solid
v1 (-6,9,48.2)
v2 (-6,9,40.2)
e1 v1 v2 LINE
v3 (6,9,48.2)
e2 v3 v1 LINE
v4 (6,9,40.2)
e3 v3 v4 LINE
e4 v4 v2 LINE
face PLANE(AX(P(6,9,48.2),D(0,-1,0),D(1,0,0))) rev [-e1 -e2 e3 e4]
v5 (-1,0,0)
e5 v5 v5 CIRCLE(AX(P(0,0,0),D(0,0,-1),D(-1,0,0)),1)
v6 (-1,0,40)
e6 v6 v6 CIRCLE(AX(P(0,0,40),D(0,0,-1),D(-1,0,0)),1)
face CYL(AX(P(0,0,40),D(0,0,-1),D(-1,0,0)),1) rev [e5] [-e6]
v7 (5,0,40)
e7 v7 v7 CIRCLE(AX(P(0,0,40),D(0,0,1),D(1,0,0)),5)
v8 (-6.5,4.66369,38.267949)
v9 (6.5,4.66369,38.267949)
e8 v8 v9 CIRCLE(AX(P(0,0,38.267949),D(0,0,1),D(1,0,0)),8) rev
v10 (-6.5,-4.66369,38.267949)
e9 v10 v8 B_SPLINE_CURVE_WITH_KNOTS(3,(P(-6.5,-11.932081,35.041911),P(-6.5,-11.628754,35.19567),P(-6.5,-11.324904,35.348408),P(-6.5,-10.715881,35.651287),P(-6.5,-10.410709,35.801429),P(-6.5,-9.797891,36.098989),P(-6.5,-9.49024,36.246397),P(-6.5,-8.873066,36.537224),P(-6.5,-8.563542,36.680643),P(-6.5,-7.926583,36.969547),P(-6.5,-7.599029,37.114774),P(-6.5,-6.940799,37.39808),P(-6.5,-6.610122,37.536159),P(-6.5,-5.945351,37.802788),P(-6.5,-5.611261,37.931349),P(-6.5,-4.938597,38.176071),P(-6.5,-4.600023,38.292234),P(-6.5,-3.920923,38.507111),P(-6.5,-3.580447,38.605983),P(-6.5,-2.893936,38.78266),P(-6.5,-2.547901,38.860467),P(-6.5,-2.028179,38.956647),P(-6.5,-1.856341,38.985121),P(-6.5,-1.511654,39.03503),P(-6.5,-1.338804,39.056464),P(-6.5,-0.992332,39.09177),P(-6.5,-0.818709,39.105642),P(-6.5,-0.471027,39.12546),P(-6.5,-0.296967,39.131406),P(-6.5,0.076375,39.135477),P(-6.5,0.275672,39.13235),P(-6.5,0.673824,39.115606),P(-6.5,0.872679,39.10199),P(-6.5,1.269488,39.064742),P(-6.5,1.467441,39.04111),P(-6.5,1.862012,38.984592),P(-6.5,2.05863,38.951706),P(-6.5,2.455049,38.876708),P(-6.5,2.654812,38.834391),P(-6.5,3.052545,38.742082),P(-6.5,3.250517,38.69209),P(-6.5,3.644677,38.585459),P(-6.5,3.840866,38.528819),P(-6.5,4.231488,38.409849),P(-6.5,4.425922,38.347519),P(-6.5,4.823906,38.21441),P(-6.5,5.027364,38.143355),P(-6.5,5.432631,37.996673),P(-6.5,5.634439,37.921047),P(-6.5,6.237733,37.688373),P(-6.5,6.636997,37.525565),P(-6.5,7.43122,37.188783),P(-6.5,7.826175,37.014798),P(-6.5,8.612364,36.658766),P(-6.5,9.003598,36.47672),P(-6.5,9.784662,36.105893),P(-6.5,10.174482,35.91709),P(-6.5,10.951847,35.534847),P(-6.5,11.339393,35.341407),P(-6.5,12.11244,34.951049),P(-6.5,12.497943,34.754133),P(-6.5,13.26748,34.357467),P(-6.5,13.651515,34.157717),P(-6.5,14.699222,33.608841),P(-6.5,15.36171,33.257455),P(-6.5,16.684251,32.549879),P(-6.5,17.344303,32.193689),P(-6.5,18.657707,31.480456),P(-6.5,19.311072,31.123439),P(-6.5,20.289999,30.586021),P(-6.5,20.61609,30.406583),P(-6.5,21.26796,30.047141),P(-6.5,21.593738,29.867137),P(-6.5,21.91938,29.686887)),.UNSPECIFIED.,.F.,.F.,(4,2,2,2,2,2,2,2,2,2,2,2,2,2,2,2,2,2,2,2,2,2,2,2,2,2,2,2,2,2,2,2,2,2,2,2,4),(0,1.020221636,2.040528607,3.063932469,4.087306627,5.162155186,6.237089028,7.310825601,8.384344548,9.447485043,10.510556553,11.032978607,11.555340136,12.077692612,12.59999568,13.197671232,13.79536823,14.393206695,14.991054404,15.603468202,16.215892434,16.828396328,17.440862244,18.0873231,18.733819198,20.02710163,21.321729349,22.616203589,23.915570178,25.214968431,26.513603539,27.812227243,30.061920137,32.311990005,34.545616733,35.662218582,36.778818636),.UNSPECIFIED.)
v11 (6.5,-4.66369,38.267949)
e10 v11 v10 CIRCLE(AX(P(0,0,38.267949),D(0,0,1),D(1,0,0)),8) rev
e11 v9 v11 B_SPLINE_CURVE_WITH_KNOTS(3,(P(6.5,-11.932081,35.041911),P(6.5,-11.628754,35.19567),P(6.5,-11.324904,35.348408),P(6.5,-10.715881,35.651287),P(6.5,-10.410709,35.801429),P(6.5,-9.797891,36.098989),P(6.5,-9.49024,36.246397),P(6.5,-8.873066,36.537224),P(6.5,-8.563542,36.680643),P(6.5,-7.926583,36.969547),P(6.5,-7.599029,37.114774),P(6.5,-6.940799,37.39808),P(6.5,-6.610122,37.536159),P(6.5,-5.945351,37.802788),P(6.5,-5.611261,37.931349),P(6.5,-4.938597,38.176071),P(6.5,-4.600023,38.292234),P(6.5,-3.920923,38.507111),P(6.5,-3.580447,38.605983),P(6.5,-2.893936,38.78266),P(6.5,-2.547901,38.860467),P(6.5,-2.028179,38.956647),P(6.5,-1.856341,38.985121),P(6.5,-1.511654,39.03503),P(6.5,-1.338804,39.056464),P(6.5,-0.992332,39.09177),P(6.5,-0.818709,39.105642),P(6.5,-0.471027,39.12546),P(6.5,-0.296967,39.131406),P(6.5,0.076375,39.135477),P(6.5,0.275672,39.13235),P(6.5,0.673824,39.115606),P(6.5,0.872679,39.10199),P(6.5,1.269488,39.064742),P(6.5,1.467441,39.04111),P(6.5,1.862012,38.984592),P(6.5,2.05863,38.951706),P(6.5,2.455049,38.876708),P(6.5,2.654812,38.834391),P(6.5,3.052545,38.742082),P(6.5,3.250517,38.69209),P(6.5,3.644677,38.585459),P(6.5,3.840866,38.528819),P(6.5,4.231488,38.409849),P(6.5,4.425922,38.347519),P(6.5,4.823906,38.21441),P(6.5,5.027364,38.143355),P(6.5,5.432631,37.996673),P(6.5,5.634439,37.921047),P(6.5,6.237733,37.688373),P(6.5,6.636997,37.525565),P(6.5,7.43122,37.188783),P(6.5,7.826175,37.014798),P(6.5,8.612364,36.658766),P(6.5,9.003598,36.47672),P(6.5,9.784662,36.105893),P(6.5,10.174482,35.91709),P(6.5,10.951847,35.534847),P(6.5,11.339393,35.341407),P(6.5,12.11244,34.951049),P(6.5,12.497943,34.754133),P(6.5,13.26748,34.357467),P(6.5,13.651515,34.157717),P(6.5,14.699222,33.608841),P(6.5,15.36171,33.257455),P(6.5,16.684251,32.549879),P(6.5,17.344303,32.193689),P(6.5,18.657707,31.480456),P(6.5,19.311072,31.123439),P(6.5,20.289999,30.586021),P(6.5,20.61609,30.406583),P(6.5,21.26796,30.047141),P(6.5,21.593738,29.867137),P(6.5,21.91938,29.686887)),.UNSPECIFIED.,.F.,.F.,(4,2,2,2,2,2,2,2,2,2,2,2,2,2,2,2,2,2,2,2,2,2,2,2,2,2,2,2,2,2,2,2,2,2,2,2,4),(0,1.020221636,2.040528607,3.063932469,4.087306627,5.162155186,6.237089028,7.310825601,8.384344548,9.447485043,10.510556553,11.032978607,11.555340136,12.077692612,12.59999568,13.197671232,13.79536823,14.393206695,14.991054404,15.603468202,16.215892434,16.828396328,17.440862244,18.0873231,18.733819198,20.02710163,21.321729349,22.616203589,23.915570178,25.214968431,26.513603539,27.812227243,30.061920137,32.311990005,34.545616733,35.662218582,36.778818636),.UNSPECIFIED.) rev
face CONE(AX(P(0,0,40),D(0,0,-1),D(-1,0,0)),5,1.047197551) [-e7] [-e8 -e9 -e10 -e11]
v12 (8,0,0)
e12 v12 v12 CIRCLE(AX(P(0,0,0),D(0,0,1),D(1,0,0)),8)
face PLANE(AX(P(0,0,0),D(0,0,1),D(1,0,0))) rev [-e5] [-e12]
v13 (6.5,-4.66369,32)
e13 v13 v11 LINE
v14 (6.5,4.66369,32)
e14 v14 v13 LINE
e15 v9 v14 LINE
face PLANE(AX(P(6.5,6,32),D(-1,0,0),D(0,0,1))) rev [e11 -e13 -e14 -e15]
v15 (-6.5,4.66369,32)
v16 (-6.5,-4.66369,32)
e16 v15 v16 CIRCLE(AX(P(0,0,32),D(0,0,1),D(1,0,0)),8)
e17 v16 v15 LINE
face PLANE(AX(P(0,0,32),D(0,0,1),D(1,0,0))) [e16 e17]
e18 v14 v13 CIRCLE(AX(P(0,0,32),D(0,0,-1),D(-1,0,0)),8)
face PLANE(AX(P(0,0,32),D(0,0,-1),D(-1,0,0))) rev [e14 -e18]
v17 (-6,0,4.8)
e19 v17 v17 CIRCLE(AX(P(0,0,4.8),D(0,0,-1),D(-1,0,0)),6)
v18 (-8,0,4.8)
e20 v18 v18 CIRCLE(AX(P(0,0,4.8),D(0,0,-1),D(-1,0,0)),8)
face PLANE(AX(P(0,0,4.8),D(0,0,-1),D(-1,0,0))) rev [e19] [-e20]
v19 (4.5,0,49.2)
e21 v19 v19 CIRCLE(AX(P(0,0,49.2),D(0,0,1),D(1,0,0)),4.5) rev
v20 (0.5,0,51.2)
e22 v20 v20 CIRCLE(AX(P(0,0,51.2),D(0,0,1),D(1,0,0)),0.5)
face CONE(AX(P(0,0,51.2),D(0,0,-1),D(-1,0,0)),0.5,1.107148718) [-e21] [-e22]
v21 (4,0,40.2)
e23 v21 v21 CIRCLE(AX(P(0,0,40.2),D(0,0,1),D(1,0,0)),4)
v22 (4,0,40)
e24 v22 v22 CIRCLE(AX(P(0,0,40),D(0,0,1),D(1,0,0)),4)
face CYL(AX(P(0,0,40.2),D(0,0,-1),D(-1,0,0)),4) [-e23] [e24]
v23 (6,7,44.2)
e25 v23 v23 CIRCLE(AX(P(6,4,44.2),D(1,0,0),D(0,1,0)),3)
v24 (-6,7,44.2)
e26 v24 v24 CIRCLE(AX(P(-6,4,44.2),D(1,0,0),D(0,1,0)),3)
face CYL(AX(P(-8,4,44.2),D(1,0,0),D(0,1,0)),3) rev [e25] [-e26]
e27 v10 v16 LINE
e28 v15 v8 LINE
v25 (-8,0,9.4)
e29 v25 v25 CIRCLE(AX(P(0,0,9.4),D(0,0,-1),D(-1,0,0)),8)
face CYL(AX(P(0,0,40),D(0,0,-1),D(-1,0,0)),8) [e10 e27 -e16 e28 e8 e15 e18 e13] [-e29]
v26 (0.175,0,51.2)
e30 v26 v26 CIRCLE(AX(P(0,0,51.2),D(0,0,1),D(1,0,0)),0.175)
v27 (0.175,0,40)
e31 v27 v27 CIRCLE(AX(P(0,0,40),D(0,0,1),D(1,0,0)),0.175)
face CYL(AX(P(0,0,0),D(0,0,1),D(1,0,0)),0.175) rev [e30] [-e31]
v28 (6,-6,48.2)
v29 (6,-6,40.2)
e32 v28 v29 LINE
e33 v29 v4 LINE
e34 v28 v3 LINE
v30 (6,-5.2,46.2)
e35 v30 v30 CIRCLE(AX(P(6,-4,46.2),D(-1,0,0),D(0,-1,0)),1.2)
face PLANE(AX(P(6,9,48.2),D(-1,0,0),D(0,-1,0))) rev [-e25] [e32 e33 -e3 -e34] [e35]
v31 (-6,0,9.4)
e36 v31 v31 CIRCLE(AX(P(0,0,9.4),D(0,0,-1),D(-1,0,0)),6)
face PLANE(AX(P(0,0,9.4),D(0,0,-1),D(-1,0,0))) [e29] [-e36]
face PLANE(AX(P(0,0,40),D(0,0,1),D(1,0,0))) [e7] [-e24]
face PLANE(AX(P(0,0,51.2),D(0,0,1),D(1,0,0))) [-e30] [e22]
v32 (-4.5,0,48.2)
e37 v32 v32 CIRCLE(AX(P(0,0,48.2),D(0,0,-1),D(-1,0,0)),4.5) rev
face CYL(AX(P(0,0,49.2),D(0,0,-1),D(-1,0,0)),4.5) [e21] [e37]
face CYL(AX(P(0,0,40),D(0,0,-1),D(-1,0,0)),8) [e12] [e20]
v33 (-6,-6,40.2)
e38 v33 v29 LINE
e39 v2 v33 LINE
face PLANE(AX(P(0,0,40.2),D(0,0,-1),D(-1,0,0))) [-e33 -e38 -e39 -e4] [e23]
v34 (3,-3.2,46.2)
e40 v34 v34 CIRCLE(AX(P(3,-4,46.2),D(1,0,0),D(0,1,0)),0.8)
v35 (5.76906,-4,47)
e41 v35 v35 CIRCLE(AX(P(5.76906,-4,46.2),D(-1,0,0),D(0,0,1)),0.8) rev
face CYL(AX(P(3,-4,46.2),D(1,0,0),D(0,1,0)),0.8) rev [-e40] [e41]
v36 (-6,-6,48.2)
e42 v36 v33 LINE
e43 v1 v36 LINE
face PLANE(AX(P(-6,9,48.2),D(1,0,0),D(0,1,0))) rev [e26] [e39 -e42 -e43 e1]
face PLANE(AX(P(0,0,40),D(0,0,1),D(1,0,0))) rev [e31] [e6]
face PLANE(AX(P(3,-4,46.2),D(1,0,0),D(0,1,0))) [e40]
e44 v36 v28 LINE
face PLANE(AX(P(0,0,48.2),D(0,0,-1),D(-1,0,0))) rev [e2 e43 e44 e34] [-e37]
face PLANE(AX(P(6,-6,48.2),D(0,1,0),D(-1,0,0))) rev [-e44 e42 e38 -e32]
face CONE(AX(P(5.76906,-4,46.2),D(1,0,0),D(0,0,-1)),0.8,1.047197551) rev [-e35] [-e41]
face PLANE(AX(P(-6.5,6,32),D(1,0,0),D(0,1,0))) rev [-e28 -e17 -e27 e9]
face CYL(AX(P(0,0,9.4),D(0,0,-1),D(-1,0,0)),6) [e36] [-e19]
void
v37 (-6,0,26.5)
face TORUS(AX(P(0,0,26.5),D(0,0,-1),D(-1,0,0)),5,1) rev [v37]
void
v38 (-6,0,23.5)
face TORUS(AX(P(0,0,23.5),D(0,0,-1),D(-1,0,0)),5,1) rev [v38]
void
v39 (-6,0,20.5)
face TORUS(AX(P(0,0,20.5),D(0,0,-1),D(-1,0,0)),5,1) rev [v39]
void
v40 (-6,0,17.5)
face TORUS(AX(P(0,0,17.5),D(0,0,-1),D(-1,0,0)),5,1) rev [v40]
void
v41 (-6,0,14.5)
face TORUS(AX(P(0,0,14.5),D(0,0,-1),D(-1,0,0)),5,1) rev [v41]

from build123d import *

# Parameters (mm, degrees)
ESQUISSE1_R             = 8
BOSS_EXTRU_1_DEPTH      = 40
ENL_V_START             = -4.8
ESQUISSE2_R             = 8
ESQUISSE2_R_2           = 6
ENL_V_MAT_EXTRU_1_DEPTH = 4.6
CHANFREIN1_SIZE         = 3
CHANFREIN1_SIZE2        = 1.732050808
ESQUISSE3_W             = 2
ESQUISSE3_H             = 12
ENL_V_MAT_EXTRU_2_DEPTH = 8
ESQUISSE4_R             = 1
ESQUISSE8_R             = 1
ENL_V_MAT_EXTRU_4_DEPTH = 41
ESQUISSE9_R             = 4
BOSS_EXTRU_2_DEPTH      = 0.2
ESQUISSE10_W            = 12
ESQUISSE10_H            = 15
BOSS_EXTRU_3_DEPTH      = 8
ESQUISSE11_R            = 3
ENL_V_MAT_EXTRU_5_DEPTH = 15
ESQUISSE13_R            = 0.8
ENL_V_MAT_EXTRU_6_DEPTH = 3
CHANFREIN2_SIZE         = 0.4
CHANFREIN2_SIZE2        = 0.230940108
ESQUISSE14_R            = 4.5
BOSS_EXTRU_4_DEPTH      = 1
ESQUISSE15_R            = 4.5
BOSS_EXTRU_5_DEPTH      = 2
CHANFREIN3_SIZE         = 2
CHANFREIN3_SIZE2        = 4
ESQUISSE16_R            = 0.175
ENL_V_MAT_EXTRU_7_DEPTH = 52.2


with BuildPart() as part:
    # Esquisse1 → Boss.-Extru.1 (new body)
    with BuildSketch(Plane.XY):
        Circle(ESQUISSE1_R)
    extrude(amount=BOSS_EXTRU_1_DEPTH)

    # Esquisse2 → Enlèv. mat.-Extru.1 (cut)
    with BuildSketch(Plane(origin=(0, 0, 0), x_dir=(-1, 0, 0), z_dir=(0, 0, -1)).offset(ENL_V_START)):
        Circle(ESQUISSE2_R)
        Circle(ESQUISSE2_R_2, mode=Mode.SUBTRACT)
    extrude(amount=-ENL_V_MAT_EXTRU_1_DEPTH, mode=Mode.SUBTRACT)

    # Chanfrein1
    chanfrein1_edges = [part.edges().sort_by_distance(p)[0] for p in [
        (-8, 0, 40),
    ]]
    chanfrein1_side = [part.faces().sort_by_distance(p)[0] for p in [
        (0, 0, 40),
    ]]
    chamfer(chanfrein1_edges, length=CHANFREIN1_SIZE, length2=CHANFREIN1_SIZE2, reference=chanfrein1_side[0])

    # Esquisse3 → Enlèv. mat.-Extru.2 (cut)
    with BuildSketch(Plane.XY.offset(40)):
        with Locations((-7.5, 0)):
            Rectangle(ESQUISSE3_W, ESQUISSE3_H)
        with Locations((7.5, 0)):
            Rectangle(ESQUISSE3_W, ESQUISSE3_H)
    extrude(amount=-ENL_V_MAT_EXTRU_2_DEPTH, mode=Mode.SUBTRACT)

    # Esquisse4 → Enlèvement de matière-Révolution1 (revolve, cut)
    with BuildSketch(Plane(origin=(0, 0, 0), x_dir=(1, 0, 0), z_dir=(0, 1, 0))):
        with Locations((-5, -26.5)):
            Circle(ESQUISSE4_R)
        with Locations((-5, -23.5)):
            Circle(ESQUISSE4_R)
        with Locations((-5, -20.5)):
            Circle(ESQUISSE4_R)
        with Locations((-5, -17.5)):
            Circle(ESQUISSE4_R)
        with Locations((-5, -14.5)):
            Circle(ESQUISSE4_R)
    revolve(axis=Axis((0, 0, -7.180896648), (0, 0, 1)), mode=Mode.SUBTRACT)

    # Esquisse8 → Enlèv. mat.-Extru.4 (cut, through all)
    with BuildSketch(Plane(origin=(0, 0, 0), x_dir=(-1, 0, 0), z_dir=(0, 0, -1))):
        Circle(ESQUISSE8_R)
    extrude(amount=-ENL_V_MAT_EXTRU_4_DEPTH, mode=Mode.SUBTRACT)

    # Esquisse9 → Boss.-Extru.2 (add)
    with BuildSketch(Plane.XY.offset(40)):
        Circle(ESQUISSE9_R)
    extrude(amount=BOSS_EXTRU_2_DEPTH)

    # Esquisse10 → Boss.-Extru.3 (add)
    with BuildSketch(Plane.XY.offset(40.2)):
        with Locations((0, 1.5)):
            Rectangle(ESQUISSE10_W, ESQUISSE10_H)
    extrude(amount=BOSS_EXTRU_3_DEPTH)

    # Esquisse11 → Enlèv. mat.-Extru.5 (cut, through all)
    with BuildSketch(Plane(origin=(6, 0, 0), x_dir=(0, 0, -1), z_dir=(1, 0, 0))):
        with Locations((-44.2, 4)):
            Circle(ESQUISSE11_R)
    extrude(amount=-ENL_V_MAT_EXTRU_5_DEPTH, mode=Mode.SUBTRACT)

    # Esquisse13 → Enlèv. mat.-Extru.6 (cut)
    with BuildSketch(Plane(origin=(6, 0, 0), x_dir=(0, 0, -1), z_dir=(1, 0, 0))):
        with Locations((-46.2, -4)):
            Circle(ESQUISSE13_R)
    extrude(amount=-ENL_V_MAT_EXTRU_6_DEPTH, mode=Mode.SUBTRACT)

    # Chanfrein2
    chanfrein2_edges = [part.edges().sort_by_distance(p)[0] for p in [
        (6, -4, 47),
    ]]
    chanfrein2_side = [part.faces().sort_by_distance(p)[0] for p in [
        (6, 0.835368696, 44.155177657),
    ]]
    chamfer(chanfrein2_edges, length=CHANFREIN2_SIZE, length2=CHANFREIN2_SIZE2, reference=chanfrein2_side[0])

    # Esquisse14 → Boss.-Extru.4 (add)
    with BuildSketch(Plane.XY.offset(48.2)):
        Circle(ESQUISSE14_R)
    extrude(amount=BOSS_EXTRU_4_DEPTH)

    # Esquisse15 → Boss.-Extru.5 (add)
    with BuildSketch(Plane.XY.offset(49.2)):
        Circle(ESQUISSE15_R)
    extrude(amount=BOSS_EXTRU_5_DEPTH)

    # Chanfrein3
    chanfrein3_edges = [part.edges().sort_by_distance(p)[0] for p in [
        (-4.5, 0, 51.2),
    ]]
    chanfrein3_side = [part.faces().sort_by_distance(p)[0] for p in [
        (-4.5, 0, 49.7),
    ]]
    chamfer(chanfrein3_edges, length=CHANFREIN3_SIZE, length2=CHANFREIN3_SIZE2, reference=chanfrein3_side[0])

    # Esquisse16 → Enlèv. mat.-Extru.7 (cut, through all)
    with BuildSketch(Plane.XY.offset(51.2)):
        Circle(ESQUISSE16_R)
    extrude(amount=-ENL_V_MAT_EXTRU_7_DEPTH, mode=Mode.SUBTRACT)


solid = part.part
